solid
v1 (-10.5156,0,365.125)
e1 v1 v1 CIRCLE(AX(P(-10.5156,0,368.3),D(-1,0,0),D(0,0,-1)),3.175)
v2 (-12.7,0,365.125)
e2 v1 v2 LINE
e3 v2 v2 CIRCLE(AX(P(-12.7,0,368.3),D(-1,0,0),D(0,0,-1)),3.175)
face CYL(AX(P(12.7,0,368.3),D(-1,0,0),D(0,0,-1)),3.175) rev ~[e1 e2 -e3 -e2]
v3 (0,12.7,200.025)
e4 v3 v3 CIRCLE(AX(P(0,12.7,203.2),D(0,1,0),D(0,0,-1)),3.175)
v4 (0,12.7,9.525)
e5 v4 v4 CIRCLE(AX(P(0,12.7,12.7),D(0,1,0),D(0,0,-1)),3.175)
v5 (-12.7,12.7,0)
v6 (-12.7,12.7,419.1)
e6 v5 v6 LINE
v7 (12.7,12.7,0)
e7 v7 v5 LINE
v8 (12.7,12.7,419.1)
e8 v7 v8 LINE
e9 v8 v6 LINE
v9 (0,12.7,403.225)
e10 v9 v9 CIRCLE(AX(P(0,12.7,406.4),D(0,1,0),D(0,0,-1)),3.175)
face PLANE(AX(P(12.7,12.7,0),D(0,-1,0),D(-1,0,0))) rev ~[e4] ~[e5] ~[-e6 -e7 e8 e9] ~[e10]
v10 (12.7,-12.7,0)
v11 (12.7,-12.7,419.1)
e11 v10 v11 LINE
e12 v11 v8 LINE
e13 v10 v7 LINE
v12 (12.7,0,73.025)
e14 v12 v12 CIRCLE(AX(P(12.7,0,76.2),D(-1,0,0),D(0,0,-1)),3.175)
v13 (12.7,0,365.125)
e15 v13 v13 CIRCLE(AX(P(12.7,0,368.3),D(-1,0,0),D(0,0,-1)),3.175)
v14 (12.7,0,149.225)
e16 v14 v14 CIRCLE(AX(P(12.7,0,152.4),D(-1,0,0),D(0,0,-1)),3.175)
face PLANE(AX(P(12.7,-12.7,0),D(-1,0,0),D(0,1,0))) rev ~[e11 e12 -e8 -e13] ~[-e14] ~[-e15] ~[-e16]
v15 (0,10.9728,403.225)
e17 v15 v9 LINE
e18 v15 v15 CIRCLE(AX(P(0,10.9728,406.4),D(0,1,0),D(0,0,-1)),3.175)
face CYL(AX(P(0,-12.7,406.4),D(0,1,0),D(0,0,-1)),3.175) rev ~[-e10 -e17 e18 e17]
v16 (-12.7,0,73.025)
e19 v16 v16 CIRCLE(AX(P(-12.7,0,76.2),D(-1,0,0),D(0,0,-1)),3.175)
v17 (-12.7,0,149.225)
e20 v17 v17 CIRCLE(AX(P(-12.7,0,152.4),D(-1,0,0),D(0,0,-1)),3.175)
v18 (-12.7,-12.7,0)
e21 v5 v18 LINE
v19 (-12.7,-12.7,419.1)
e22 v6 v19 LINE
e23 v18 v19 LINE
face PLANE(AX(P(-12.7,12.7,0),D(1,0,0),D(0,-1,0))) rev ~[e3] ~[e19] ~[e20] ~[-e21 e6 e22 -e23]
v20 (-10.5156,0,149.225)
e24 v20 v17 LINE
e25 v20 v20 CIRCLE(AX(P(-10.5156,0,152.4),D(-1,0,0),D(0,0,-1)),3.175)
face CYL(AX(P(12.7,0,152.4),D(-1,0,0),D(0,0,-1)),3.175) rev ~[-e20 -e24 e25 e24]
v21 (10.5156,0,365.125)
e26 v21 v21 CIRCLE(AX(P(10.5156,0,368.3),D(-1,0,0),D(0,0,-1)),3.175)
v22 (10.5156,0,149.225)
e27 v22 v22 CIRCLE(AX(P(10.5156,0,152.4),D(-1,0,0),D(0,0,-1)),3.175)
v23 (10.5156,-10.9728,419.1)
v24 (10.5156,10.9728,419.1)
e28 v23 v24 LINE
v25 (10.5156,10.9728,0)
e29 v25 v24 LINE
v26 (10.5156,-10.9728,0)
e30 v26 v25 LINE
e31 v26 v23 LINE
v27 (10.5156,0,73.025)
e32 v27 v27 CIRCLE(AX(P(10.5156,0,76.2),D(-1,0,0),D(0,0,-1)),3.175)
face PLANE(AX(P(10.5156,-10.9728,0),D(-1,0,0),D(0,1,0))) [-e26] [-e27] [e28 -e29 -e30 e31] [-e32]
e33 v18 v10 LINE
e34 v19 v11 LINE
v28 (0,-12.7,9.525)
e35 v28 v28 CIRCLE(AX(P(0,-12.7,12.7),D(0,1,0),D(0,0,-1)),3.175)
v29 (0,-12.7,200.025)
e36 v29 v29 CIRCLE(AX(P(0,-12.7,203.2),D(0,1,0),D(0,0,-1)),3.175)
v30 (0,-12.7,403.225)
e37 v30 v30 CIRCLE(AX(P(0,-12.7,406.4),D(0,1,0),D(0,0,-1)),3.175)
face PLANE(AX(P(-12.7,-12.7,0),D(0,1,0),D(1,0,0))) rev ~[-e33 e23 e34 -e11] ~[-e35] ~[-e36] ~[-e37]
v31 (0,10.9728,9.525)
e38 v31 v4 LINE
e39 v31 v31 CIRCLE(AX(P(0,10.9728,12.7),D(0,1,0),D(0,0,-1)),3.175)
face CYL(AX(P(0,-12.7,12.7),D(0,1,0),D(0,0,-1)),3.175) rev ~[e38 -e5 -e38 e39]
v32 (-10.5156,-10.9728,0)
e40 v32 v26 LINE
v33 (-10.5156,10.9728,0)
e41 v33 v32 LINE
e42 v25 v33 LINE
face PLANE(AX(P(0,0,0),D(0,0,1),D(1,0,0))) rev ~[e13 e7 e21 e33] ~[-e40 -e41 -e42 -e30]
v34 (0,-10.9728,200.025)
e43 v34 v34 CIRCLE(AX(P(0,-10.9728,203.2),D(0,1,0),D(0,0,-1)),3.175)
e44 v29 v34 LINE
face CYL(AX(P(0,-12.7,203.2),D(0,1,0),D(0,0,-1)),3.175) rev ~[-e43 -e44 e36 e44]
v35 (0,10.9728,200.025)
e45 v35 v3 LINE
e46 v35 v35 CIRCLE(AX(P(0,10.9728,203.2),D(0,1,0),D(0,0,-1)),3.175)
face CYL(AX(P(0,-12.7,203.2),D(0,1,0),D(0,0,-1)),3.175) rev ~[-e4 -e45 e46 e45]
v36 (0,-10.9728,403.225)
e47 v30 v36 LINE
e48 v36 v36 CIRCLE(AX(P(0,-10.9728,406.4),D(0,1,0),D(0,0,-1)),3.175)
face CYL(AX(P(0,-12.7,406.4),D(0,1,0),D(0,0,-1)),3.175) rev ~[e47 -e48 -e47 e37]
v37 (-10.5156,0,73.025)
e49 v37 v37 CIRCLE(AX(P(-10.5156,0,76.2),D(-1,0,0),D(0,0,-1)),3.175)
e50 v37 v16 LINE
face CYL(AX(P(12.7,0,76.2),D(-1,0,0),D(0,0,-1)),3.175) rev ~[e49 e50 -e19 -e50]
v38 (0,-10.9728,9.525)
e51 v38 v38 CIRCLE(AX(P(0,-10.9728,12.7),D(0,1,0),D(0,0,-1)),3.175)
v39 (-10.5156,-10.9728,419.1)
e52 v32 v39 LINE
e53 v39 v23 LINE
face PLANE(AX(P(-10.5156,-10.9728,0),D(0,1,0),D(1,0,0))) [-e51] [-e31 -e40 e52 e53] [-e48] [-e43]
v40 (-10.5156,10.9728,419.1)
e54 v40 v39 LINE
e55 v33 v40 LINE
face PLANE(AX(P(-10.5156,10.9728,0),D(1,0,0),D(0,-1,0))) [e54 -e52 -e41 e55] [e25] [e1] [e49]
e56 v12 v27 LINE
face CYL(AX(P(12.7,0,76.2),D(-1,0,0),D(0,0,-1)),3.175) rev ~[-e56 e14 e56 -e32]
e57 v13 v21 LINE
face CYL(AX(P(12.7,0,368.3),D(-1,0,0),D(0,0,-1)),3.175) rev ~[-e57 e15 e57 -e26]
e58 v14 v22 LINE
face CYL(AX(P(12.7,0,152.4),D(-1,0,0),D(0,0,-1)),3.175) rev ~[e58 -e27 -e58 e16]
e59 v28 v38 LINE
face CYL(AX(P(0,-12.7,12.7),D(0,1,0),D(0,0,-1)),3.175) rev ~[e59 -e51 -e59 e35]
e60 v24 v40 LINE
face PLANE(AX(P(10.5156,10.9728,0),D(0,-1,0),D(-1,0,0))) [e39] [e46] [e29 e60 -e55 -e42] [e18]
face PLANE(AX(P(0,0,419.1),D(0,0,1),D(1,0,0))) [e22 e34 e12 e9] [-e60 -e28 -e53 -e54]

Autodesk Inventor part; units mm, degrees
ref_plane "YZ Plane" through (0, 0, 0) normal (1, 0, 0) x (0, 1, 0)
ref_plane "XZ Plane" through (0, 0, 0) normal (0, 1, 0) x (-1, 0, 0)
ref_plane "XY Plane" through (0, 0, 0) normal (0, 0, 1) x (1, 0, 0)
sketch "Sketch1" plane through (0, 0, 0) normal (0, 0, 1) x (1, 0, 0)
  line L0 (-10.5156, -10.9728) -> (10.5156, -10.9728)
  line L1 (10.5156, -10.9728) -> (10.5156, 10.9728)
  line L2 (10.5156, 10.9728) -> (-10.5156, 10.9728)
  line L3 (-10.5156, 10.9728) -> (-10.5156, -10.9728)
  line L4 (-10.5156, -10.9728) -> (10.5156, 10.9728) construction
  line L5 (10.5156, -10.9728) -> (-10.5156, 10.9728) construction
  line L6 (-12.7, -12.7) -> (12.7, -12.7)
  line L7 (12.7, -12.7) -> (12.7, 12.7)
  line L8 (12.7, 12.7) -> (-12.7, 12.7)
  line L9 (-12.7, 12.7) -> (-12.7, -12.7)
  line L10 (-12.7, -12.7) -> (12.7, 12.7) construction
  line L11 (12.7, -12.7) -> (-12.7, 12.7) construction
  point P0 (0, 0)
  dimension "d0" = 25.4
  dimension "d2" = 25.4
  dimension "d3" = 1.7272
  dimension "d5" = 2.1844
extrude "Extrusion1" add sketch "Sketch1" along normal blind 419.1
sketch "Sketch2" plane through (12.7, -12.7, 0) normal (1, 0, 0) x (0, 0, -1)
  line L0 (0, 0) -> (0, 25.4) projected
  line L1 (0, 25.4) -> (-419.1, 25.4) projected
  line L2 (-419.1, 0) -> (-419.1, 25.4) projected
  point P0 (0, 12.7)
  point P1 (-368.3, 12.7)
  point P2 (-152.4, 12.7)
  point P3 (-76.2, 12.7)
  dimension "d8" = 12.7
  dimension "d9" = 50.8
  dimension "d11" = 76.2
  dimension "d12" = 12.7
  dimension "d13" = 12.7
  dimension "d14" = 76.2
hole "Hole1" at (12.7, 0, 368.3) at (12.7, 0, 152.4) at (12.7, 0, 76.2) direction (-1, 0, 0) diameter 6.35 end through all
sketch "Sketch3" plane through (12.7, -12.7, 0) normal (1, 0, 0) x (0, 0, -1)
  circle A0 centre (-152.4, 12.7) radius 3.175 projected
  circle A1 centre (-368.3, 12.7) radius 3.175 projected
  circle A2 centre (-76.2, 12.7) radius 3.175 projected
  line L0 (0, 0) -> (0, 25.4) projected
  line L1 (0, 25.4) -> (-419.1, 25.4) projected
  line L2 (-419.1, 0) -> (-419.1, 25.4) projected
  line L3 (0, 0) -> (-419.1, 0) projected
  point P0 (0, 12.7)
sketch "Sketch4" plane through (-12.7, -12.7, 0) normal (0, -1, 0) x (1, 0, 0)
  line L0 (0, 0) -> (25.4, 0) projected
  line L1 (25.4, 0) -> (25.4, 419.1) projected
  line L2 (0, 419.1) -> (25.4, 419.1) projected
  line L3 (0, 0) -> (0, 419.1) projected
  point P0 (12.7, 0)
  point P1 (12.7, 406.4)
  point P2 (12.7, 12.7)
  dimension "d22" = 12.7
  dimension "d23" = 12.7
  dimension "d24" = 12.7
  dimension "d25" = 12.7
hole "Hole2" at (0, -12.7, 12.7) at (0, -12.7, 406.4) direction (0, 1, 0) diameter 6.35 end through all
sketch "Sketch5" plane through (-12.7, -12.7, 0) normal (0, -1, 0) x (1, 0, 0)
  line L0 (0, 0) -> (25.4, 0) projected
  line L1 (25.4, 0) -> (25.4, 419.1) projected
  point P0 (12.7, 0)
  point P1 (12.7, 203.2)
  dimension "d33" = 203.2
  dimension "d34" = 12.7
hole "Hole3" at (0, -12.7, 203.2) direction (0, 1, 0) diameter 6.35 end through all
properties part number "BottomSupportBAse" material "Aluminum 6061"
